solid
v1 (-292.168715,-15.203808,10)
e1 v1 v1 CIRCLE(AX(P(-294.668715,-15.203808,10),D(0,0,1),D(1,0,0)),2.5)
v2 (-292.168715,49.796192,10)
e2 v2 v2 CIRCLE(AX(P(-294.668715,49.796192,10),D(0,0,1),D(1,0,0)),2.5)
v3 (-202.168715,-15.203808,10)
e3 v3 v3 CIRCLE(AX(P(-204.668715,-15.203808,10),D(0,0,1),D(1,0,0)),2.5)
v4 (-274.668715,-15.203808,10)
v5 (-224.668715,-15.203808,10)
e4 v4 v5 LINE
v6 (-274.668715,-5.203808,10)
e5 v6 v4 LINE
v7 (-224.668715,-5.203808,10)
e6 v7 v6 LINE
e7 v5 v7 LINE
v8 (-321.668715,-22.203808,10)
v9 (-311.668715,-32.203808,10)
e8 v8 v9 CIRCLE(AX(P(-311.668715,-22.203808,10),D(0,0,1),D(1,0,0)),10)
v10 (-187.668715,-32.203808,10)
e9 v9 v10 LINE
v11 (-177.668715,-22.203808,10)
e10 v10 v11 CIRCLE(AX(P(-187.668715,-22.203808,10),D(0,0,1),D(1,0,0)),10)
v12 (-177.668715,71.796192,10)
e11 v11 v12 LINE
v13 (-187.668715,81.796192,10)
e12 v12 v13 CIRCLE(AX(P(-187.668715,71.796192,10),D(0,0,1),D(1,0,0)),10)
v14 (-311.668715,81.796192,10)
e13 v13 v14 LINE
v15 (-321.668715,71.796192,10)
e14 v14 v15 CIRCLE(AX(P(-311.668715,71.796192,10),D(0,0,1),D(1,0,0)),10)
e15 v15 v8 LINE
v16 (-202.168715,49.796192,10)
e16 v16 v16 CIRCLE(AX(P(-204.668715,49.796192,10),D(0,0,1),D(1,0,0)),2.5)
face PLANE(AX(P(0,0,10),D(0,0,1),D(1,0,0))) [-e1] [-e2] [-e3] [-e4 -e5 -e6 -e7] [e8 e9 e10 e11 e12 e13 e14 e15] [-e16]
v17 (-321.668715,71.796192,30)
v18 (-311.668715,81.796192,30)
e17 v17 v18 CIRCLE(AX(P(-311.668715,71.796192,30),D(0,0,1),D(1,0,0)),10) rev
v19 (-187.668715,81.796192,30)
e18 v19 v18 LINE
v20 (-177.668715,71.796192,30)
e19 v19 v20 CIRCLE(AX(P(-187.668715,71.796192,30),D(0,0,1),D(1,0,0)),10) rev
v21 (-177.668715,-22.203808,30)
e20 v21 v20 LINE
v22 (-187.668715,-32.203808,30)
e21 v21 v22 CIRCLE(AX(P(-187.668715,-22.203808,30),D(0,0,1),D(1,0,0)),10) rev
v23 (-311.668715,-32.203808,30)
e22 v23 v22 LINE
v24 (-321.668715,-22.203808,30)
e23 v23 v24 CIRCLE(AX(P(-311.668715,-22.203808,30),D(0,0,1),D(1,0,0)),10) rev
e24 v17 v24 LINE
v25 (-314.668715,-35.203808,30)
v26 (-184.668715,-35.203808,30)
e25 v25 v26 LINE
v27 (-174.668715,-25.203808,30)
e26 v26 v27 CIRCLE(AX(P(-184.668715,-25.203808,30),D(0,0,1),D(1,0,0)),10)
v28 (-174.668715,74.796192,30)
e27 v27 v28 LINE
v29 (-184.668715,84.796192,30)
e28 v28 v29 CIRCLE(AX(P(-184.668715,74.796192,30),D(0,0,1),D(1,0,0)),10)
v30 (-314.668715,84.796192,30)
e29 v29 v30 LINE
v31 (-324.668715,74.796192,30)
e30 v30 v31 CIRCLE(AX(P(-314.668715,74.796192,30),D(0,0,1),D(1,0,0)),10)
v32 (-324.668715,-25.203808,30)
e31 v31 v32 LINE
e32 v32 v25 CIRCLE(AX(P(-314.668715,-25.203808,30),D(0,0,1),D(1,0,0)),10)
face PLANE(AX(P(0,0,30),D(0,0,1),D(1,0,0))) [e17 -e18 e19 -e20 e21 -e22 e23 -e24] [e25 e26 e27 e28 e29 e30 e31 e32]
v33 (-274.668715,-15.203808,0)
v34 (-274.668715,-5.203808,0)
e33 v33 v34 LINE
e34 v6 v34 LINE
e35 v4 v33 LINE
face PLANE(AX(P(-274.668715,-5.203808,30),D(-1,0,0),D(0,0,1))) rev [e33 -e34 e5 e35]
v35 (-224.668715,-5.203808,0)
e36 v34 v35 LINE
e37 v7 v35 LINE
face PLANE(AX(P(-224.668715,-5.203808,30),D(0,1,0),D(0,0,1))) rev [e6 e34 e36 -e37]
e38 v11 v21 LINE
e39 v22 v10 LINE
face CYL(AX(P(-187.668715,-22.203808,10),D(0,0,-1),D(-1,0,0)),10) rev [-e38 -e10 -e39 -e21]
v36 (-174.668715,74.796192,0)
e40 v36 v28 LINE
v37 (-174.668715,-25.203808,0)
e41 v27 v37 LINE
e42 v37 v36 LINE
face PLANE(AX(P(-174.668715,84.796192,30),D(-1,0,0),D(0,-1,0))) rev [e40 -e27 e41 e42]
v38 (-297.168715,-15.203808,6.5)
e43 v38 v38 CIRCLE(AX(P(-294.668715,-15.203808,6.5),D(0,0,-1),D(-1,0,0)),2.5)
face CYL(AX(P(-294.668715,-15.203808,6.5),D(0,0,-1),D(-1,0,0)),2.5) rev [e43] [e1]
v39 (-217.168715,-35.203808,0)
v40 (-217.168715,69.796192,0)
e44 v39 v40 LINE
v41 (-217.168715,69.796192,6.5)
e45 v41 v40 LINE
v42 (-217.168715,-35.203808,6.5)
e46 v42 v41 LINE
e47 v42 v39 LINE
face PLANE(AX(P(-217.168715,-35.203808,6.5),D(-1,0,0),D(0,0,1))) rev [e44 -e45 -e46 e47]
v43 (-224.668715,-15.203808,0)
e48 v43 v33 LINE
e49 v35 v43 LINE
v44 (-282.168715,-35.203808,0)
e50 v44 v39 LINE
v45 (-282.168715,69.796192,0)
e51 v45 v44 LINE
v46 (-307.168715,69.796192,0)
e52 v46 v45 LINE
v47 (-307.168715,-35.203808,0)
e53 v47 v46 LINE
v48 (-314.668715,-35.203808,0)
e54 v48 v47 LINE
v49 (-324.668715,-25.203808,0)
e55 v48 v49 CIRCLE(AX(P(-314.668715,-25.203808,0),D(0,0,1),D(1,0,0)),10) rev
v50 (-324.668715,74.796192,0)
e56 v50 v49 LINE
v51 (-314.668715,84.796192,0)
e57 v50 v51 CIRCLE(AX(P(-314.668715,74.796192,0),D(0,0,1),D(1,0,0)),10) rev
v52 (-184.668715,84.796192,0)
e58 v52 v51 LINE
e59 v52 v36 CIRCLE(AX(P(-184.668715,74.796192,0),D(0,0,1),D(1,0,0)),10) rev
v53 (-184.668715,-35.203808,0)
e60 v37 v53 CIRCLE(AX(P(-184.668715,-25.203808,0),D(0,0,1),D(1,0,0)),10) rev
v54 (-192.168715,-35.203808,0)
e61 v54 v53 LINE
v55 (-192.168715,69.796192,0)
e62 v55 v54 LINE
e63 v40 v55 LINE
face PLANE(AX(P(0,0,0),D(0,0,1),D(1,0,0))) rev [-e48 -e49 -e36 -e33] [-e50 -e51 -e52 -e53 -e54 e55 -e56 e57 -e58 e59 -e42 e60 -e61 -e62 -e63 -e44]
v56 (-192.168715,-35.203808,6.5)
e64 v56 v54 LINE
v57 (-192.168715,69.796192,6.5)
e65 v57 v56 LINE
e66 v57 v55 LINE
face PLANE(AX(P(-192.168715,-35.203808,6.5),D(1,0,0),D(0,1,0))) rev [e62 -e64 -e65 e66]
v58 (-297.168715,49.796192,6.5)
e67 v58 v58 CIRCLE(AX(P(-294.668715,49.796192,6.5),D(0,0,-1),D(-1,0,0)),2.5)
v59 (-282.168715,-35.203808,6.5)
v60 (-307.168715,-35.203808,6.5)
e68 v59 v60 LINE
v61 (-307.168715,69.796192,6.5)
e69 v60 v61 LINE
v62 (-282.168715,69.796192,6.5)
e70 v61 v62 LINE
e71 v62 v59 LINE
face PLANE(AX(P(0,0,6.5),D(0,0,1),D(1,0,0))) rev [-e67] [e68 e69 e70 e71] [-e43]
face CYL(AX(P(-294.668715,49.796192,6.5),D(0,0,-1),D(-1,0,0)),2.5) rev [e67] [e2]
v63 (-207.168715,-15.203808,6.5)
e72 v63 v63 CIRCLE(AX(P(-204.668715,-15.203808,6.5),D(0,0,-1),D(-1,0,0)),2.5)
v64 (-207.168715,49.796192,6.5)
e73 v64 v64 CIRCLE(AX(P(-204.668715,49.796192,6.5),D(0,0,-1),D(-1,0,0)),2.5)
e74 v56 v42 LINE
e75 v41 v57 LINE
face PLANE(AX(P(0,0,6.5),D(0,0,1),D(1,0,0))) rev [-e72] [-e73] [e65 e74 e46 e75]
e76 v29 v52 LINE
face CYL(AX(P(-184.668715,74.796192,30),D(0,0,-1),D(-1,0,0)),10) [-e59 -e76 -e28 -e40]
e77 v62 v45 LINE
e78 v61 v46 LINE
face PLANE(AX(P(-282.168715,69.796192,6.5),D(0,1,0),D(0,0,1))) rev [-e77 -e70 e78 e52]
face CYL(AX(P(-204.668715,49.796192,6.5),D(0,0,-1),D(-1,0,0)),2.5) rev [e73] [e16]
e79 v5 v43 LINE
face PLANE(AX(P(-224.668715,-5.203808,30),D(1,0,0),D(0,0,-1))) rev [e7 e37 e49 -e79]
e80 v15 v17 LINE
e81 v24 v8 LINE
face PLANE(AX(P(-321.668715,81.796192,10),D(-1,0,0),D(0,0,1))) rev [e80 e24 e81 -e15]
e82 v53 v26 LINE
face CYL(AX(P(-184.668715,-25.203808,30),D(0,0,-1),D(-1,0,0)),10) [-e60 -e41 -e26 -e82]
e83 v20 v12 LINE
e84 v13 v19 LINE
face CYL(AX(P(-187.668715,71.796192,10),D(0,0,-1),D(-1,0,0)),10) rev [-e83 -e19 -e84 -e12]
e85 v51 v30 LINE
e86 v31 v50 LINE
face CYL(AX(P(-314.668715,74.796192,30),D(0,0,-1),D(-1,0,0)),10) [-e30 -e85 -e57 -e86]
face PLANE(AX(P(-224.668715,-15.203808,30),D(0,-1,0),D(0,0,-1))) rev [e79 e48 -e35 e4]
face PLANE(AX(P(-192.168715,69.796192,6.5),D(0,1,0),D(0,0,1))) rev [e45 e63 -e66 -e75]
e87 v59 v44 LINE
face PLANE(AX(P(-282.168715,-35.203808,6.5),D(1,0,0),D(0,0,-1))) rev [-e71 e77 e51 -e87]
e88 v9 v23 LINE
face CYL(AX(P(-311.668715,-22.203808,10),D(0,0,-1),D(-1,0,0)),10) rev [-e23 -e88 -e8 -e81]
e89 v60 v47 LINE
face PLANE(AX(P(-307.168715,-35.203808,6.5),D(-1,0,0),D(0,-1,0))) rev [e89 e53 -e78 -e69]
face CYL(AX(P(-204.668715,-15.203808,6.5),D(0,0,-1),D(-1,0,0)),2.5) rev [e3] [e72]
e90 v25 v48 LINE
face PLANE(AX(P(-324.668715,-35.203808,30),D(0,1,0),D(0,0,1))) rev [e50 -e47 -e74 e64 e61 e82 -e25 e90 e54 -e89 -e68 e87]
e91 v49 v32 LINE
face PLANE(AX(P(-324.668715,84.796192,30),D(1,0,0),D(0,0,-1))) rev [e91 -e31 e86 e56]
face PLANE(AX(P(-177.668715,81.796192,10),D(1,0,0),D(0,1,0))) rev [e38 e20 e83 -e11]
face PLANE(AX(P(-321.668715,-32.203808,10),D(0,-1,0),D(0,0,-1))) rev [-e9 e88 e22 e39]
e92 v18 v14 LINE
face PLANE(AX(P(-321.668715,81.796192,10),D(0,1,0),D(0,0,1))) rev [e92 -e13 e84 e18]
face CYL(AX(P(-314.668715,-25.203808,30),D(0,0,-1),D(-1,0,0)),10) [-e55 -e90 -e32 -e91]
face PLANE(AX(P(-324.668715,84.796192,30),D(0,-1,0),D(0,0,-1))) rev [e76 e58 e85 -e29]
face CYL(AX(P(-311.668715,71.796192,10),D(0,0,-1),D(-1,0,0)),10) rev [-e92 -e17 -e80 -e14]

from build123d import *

# Parameters (mm, degrees)
SKETCH1_W                 = 150
SKETCH1_H                 = 120
BOSS_EXTRUDE1_DEPTH       = 30
SKETCH2_W                 = 25
SKETCH2_H                 = 105
CUT_EXTRUDE1_DEPTH        = 6.5
SKETCH4_W                 = 144
SKETCH4_H                 = 114
CUT_EXTRUDE2_DEPTH        = 20
FILLET1_R                 = 10
F_5_0MM_DOWEL_HOLE1_D     = 5
F_5_0MM_DOWEL_HOLE1_DEPTH = 20
F_5_0MM_DOWEL_HOLE1_TIP   = 1.502151548
SKETCH12_W                = 50
SKETCH12_H                = 10
CUT_EXTRUDE6_DEPTH        = 337.897861193


with BuildPart() as part:
    # Sketch1 → Boss-Extrude1 (new body)
    with BuildSketch(Plane.XY):
        with Locations((-249.668715257, 24.796192189)):
            Rectangle(SKETCH1_W, SKETCH1_H)
    extrude(amount=BOSS_EXTRUDE1_DEPTH)

    # Sketch2 → Cut-Extrude1 (cut)
    with BuildSketch(Plane(origin=(0, 0, 0), x_dir=(-1, 0, 0), z_dir=(0, 0, -1))):
        with Locations((204.668715257, 17.296192189)):
            Rectangle(SKETCH2_W, SKETCH2_H)
        with Locations((294.668715257, 17.296192189)):
            Rectangle(SKETCH2_W, SKETCH2_H)
    extrude(amount=-CUT_EXTRUDE1_DEPTH, mode=Mode.SUBTRACT)

    # Sketch4 → Cut-Extrude2 (cut)
    with BuildSketch(Plane.XY.offset(30)):
        with Locations((-249.668715257, 24.796192189)):
            Rectangle(SKETCH4_W, SKETCH4_H)
    extrude(amount=-CUT_EXTRUDE2_DEPTH, mode=Mode.SUBTRACT)

    # Fillet1
    fillet1_edges = [part.edges().sort_by_distance(p)[0] for p in [
        (-177.668715257, 81.796192189, 20),
        (-177.668715257, -32.203807811, 20),
        (-321.668715257, -32.203807811, 20),
        (-321.668715257, 81.796192189, 20),
        (-174.668715257, -35.203807811, 15),
        (-324.668715257, -35.203807811, 15),
        (-324.668715257, 84.796192189, 15),
        (-174.668715257, 84.796192189, 15),
    ]]
    fillet(fillet1_edges, radius=FILLET1_R)

    # Ø5.0mm Dowel Hole1
    with Locations(Plane(origin=(0, 0, 6.5), x_dir=(-1, 0, 0), z_dir=(0, 0, -1))):
        with Locations((204.668715257, 49.796192189), (204.668715257, -15.203807811), (294.668715257, 49.796192189), (294.668715257, -15.203807811)):
            Hole(F_5_0MM_DOWEL_HOLE1_D / 2, depth=F_5_0MM_DOWEL_HOLE1_DEPTH)
            with Locations((0, 0, -(F_5_0MM_DOWEL_HOLE1_DEPTH + F_5_0MM_DOWEL_HOLE1_TIP / 2))):  # 118° drill point
                Cone(0, F_5_0MM_DOWEL_HOLE1_D / 2, F_5_0MM_DOWEL_HOLE1_TIP, mode=Mode.SUBTRACT)

    # Sketch12 → Cut-Extrude6 (cut, through all)
    with BuildSketch(Plane(origin=(0, 0, 0), x_dir=(-1, 0, 0), z_dir=(0, 0, -1))):
        with Locations((249.668715257, -10.203807811)):
            Rectangle(SKETCH12_W, SKETCH12_H)
    extrude(amount=-CUT_EXTRUDE6_DEPTH, mode=Mode.SUBTRACT)


solid = part.part
